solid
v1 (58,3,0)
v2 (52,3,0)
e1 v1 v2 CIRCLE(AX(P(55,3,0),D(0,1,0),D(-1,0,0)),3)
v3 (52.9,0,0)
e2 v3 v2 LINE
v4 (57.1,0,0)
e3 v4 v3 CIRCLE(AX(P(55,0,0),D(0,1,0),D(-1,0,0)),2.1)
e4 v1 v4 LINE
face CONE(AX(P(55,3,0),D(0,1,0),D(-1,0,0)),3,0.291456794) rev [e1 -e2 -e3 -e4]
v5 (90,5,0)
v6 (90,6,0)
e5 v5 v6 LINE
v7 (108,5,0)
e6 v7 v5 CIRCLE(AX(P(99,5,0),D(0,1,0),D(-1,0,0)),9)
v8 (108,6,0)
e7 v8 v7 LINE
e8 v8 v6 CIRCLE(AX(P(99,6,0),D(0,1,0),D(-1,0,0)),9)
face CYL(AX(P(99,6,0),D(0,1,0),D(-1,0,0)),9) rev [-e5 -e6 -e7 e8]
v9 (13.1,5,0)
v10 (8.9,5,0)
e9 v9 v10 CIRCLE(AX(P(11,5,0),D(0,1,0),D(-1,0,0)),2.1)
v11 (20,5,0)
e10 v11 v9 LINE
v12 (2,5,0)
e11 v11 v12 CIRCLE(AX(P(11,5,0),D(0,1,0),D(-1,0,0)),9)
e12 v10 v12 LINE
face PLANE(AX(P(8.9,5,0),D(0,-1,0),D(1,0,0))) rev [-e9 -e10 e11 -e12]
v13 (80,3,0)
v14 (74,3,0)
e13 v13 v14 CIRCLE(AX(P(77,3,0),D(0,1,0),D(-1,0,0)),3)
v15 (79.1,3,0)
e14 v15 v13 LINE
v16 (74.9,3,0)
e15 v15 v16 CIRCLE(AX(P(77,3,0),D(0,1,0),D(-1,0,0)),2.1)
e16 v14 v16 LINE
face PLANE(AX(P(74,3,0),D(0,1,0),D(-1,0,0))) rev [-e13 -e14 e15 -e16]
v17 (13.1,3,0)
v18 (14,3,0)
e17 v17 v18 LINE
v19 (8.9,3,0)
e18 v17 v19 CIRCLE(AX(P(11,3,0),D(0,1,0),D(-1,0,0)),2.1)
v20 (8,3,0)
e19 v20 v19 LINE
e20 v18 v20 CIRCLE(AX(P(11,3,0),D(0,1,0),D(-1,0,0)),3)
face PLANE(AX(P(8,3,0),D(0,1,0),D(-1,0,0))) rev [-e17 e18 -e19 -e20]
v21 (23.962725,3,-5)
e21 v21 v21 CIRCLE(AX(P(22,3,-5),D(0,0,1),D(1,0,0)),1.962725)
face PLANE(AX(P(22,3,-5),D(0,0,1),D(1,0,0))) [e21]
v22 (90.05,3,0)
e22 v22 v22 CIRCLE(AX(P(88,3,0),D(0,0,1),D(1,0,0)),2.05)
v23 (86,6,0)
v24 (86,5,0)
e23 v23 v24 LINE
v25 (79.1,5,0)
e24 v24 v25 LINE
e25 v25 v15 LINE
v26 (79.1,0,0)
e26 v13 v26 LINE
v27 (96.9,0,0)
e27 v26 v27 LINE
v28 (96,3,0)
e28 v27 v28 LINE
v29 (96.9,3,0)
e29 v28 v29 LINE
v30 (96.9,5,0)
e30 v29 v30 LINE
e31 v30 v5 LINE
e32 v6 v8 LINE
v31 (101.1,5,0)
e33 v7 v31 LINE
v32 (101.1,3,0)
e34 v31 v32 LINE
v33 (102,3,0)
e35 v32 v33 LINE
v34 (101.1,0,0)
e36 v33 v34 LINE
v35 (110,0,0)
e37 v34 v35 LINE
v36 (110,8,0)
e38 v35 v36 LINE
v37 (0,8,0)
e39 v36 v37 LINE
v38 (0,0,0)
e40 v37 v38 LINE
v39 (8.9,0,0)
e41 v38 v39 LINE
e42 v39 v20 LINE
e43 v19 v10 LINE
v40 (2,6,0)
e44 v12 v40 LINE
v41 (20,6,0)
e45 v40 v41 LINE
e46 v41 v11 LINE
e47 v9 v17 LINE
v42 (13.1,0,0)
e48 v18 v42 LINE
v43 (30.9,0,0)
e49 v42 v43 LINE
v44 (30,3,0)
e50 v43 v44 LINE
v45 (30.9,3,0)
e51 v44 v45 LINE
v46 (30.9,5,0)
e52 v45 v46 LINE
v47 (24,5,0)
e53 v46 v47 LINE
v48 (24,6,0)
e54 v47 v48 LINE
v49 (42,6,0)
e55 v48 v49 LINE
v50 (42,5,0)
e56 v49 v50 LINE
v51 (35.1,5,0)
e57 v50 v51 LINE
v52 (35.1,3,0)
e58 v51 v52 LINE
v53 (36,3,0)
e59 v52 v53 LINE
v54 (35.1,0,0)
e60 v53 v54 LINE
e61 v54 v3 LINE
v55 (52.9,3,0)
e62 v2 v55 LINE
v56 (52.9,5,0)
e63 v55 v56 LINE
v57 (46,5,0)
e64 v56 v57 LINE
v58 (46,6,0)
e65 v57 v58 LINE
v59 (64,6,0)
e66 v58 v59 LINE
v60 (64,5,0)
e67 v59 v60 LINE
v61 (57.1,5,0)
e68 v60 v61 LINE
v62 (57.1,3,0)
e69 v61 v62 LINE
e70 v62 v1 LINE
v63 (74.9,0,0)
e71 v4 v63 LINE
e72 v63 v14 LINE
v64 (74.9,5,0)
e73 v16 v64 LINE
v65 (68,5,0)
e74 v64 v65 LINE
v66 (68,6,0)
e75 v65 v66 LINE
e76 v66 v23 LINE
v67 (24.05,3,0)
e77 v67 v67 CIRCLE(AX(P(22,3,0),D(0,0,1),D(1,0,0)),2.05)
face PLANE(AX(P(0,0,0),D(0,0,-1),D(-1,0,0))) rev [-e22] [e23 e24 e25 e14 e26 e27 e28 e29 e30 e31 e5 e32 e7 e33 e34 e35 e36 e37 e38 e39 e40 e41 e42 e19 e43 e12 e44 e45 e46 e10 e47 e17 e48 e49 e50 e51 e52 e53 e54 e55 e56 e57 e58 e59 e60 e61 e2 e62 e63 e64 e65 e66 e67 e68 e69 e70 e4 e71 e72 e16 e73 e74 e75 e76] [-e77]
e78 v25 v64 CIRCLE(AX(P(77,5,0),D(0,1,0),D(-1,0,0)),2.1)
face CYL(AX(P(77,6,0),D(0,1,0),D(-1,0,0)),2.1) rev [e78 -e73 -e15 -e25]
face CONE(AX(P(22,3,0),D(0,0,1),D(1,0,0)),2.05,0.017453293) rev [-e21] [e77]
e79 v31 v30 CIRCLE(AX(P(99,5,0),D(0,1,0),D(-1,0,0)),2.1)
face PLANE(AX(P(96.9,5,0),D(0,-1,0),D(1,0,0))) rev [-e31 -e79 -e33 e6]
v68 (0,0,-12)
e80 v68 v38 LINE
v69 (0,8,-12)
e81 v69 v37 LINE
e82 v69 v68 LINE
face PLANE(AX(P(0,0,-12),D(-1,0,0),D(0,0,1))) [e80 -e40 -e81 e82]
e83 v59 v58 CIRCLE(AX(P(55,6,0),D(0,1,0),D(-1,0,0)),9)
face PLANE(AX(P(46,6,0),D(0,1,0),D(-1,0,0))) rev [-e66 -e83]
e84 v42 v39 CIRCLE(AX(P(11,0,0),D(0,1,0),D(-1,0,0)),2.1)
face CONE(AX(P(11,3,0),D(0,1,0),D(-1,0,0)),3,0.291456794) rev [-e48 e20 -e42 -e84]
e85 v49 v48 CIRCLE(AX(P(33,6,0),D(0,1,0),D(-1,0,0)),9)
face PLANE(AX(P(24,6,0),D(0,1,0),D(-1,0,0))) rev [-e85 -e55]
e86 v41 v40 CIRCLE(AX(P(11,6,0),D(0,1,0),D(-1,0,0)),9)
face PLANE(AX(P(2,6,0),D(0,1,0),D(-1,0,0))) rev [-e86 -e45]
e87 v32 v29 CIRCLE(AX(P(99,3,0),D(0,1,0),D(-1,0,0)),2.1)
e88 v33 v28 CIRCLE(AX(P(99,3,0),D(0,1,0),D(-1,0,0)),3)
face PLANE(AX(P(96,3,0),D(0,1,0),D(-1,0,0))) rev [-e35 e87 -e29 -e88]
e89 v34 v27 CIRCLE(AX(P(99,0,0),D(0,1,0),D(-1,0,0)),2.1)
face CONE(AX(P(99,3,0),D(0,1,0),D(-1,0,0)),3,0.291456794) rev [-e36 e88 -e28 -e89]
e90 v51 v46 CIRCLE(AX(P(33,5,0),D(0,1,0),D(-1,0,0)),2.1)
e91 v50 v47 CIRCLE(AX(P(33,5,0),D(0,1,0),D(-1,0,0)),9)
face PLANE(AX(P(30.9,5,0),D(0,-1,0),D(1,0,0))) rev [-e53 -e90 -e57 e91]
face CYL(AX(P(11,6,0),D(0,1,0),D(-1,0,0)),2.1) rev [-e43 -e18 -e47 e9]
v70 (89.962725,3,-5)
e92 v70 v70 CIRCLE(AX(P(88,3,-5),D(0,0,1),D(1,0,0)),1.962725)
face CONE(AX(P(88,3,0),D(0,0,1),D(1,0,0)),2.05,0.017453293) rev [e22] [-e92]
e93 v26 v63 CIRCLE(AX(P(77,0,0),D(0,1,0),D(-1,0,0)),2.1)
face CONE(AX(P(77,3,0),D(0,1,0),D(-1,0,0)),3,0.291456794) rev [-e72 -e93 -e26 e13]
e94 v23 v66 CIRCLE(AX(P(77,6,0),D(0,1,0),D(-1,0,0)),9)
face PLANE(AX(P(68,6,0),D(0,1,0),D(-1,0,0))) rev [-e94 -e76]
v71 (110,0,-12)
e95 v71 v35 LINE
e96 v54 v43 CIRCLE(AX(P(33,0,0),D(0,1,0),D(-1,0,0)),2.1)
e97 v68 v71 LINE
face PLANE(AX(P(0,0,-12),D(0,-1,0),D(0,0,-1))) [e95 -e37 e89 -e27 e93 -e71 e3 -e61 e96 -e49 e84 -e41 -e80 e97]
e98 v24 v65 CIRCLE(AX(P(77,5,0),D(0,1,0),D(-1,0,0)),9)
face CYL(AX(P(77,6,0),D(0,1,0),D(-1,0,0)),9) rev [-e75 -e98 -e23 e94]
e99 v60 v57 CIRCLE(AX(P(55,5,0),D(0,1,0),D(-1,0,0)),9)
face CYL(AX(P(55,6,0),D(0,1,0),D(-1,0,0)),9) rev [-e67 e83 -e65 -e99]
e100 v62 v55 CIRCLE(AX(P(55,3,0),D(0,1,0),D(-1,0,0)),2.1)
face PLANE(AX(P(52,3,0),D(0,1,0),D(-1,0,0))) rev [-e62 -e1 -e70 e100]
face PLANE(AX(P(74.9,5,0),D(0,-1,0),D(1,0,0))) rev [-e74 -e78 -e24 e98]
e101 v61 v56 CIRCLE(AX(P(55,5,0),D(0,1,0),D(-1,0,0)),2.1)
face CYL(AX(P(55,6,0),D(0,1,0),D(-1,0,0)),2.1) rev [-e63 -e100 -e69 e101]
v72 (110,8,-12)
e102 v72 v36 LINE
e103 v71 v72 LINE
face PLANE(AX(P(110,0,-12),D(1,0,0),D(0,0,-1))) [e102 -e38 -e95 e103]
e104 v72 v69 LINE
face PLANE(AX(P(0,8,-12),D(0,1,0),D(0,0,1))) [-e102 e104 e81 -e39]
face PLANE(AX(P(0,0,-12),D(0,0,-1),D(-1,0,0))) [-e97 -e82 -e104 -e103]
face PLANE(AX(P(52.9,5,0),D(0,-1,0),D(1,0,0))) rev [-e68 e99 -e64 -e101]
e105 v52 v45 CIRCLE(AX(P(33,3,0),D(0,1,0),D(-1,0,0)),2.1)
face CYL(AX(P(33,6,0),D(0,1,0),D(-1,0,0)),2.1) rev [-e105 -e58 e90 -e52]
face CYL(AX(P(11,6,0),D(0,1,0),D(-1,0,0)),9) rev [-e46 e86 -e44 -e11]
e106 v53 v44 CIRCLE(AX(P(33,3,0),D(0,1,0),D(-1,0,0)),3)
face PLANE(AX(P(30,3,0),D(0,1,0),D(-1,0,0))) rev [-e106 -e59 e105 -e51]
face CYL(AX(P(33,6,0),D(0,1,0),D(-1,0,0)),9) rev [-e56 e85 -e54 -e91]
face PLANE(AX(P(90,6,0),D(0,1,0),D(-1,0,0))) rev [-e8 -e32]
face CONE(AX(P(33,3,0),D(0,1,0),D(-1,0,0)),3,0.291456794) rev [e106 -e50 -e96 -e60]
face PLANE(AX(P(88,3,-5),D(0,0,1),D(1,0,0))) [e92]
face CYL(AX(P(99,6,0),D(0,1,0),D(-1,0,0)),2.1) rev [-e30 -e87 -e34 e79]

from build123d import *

# Parameters (mm, degrees)
SKETCH2_W           = 110
SKETCH2_H           = 8
BOSS_EXTRUDE1_DEPTH = 12
LPATTERN1_COUNT     = 5
LPATTERN1_PITCH     = 22
SKETCH4_R           = 2.05
CUT_EXTRUDE1_DEPTH  = 5
CUT_EXTRUDE1_TAPER  = 1


with BuildPart() as part:
    # Sketch2 → Boss-Extrude1 (new body)
    with BuildSketch(Plane.XY):
        with Locations((55, 4)):
            Rectangle(SKETCH2_W, SKETCH2_H)
    extrude(amount=-BOSS_EXTRUDE1_DEPTH)

    # Sketch3 → Cut-Revolve1 (revolve, cut)
    with BuildSketch(Plane.XY):
        Polygon((8, 3), (8.9, 3), (8.9, 5), (2, 5), (2, 6), (11, 6), (11, 0), (8.9, 0), align=None)
    cut_revolve1 = revolve(axis=Axis((11, 6, 0), (0, -1, 0)), mode=Mode.SUBTRACT)

    # LPattern1: Cut-Revolve1 ×5
    with Locations(*[(i * LPATTERN1_PITCH, 0, 0) for i in range(1, LPATTERN1_COUNT)]):
        add(cut_revolve1, mode=Mode.SUBTRACT)

    # Sketch4 → Cut-Extrude1 (cut)
    with BuildSketch(Plane.XY):
        with Locations((22, 3)):
            Circle(SKETCH4_R)
        with Locations((88, 3)):
            Circle(SKETCH4_R)
    extrude(amount=-CUT_EXTRUDE1_DEPTH, taper=CUT_EXTRUDE1_TAPER, mode=Mode.SUBTRACT)


solid = part.part
